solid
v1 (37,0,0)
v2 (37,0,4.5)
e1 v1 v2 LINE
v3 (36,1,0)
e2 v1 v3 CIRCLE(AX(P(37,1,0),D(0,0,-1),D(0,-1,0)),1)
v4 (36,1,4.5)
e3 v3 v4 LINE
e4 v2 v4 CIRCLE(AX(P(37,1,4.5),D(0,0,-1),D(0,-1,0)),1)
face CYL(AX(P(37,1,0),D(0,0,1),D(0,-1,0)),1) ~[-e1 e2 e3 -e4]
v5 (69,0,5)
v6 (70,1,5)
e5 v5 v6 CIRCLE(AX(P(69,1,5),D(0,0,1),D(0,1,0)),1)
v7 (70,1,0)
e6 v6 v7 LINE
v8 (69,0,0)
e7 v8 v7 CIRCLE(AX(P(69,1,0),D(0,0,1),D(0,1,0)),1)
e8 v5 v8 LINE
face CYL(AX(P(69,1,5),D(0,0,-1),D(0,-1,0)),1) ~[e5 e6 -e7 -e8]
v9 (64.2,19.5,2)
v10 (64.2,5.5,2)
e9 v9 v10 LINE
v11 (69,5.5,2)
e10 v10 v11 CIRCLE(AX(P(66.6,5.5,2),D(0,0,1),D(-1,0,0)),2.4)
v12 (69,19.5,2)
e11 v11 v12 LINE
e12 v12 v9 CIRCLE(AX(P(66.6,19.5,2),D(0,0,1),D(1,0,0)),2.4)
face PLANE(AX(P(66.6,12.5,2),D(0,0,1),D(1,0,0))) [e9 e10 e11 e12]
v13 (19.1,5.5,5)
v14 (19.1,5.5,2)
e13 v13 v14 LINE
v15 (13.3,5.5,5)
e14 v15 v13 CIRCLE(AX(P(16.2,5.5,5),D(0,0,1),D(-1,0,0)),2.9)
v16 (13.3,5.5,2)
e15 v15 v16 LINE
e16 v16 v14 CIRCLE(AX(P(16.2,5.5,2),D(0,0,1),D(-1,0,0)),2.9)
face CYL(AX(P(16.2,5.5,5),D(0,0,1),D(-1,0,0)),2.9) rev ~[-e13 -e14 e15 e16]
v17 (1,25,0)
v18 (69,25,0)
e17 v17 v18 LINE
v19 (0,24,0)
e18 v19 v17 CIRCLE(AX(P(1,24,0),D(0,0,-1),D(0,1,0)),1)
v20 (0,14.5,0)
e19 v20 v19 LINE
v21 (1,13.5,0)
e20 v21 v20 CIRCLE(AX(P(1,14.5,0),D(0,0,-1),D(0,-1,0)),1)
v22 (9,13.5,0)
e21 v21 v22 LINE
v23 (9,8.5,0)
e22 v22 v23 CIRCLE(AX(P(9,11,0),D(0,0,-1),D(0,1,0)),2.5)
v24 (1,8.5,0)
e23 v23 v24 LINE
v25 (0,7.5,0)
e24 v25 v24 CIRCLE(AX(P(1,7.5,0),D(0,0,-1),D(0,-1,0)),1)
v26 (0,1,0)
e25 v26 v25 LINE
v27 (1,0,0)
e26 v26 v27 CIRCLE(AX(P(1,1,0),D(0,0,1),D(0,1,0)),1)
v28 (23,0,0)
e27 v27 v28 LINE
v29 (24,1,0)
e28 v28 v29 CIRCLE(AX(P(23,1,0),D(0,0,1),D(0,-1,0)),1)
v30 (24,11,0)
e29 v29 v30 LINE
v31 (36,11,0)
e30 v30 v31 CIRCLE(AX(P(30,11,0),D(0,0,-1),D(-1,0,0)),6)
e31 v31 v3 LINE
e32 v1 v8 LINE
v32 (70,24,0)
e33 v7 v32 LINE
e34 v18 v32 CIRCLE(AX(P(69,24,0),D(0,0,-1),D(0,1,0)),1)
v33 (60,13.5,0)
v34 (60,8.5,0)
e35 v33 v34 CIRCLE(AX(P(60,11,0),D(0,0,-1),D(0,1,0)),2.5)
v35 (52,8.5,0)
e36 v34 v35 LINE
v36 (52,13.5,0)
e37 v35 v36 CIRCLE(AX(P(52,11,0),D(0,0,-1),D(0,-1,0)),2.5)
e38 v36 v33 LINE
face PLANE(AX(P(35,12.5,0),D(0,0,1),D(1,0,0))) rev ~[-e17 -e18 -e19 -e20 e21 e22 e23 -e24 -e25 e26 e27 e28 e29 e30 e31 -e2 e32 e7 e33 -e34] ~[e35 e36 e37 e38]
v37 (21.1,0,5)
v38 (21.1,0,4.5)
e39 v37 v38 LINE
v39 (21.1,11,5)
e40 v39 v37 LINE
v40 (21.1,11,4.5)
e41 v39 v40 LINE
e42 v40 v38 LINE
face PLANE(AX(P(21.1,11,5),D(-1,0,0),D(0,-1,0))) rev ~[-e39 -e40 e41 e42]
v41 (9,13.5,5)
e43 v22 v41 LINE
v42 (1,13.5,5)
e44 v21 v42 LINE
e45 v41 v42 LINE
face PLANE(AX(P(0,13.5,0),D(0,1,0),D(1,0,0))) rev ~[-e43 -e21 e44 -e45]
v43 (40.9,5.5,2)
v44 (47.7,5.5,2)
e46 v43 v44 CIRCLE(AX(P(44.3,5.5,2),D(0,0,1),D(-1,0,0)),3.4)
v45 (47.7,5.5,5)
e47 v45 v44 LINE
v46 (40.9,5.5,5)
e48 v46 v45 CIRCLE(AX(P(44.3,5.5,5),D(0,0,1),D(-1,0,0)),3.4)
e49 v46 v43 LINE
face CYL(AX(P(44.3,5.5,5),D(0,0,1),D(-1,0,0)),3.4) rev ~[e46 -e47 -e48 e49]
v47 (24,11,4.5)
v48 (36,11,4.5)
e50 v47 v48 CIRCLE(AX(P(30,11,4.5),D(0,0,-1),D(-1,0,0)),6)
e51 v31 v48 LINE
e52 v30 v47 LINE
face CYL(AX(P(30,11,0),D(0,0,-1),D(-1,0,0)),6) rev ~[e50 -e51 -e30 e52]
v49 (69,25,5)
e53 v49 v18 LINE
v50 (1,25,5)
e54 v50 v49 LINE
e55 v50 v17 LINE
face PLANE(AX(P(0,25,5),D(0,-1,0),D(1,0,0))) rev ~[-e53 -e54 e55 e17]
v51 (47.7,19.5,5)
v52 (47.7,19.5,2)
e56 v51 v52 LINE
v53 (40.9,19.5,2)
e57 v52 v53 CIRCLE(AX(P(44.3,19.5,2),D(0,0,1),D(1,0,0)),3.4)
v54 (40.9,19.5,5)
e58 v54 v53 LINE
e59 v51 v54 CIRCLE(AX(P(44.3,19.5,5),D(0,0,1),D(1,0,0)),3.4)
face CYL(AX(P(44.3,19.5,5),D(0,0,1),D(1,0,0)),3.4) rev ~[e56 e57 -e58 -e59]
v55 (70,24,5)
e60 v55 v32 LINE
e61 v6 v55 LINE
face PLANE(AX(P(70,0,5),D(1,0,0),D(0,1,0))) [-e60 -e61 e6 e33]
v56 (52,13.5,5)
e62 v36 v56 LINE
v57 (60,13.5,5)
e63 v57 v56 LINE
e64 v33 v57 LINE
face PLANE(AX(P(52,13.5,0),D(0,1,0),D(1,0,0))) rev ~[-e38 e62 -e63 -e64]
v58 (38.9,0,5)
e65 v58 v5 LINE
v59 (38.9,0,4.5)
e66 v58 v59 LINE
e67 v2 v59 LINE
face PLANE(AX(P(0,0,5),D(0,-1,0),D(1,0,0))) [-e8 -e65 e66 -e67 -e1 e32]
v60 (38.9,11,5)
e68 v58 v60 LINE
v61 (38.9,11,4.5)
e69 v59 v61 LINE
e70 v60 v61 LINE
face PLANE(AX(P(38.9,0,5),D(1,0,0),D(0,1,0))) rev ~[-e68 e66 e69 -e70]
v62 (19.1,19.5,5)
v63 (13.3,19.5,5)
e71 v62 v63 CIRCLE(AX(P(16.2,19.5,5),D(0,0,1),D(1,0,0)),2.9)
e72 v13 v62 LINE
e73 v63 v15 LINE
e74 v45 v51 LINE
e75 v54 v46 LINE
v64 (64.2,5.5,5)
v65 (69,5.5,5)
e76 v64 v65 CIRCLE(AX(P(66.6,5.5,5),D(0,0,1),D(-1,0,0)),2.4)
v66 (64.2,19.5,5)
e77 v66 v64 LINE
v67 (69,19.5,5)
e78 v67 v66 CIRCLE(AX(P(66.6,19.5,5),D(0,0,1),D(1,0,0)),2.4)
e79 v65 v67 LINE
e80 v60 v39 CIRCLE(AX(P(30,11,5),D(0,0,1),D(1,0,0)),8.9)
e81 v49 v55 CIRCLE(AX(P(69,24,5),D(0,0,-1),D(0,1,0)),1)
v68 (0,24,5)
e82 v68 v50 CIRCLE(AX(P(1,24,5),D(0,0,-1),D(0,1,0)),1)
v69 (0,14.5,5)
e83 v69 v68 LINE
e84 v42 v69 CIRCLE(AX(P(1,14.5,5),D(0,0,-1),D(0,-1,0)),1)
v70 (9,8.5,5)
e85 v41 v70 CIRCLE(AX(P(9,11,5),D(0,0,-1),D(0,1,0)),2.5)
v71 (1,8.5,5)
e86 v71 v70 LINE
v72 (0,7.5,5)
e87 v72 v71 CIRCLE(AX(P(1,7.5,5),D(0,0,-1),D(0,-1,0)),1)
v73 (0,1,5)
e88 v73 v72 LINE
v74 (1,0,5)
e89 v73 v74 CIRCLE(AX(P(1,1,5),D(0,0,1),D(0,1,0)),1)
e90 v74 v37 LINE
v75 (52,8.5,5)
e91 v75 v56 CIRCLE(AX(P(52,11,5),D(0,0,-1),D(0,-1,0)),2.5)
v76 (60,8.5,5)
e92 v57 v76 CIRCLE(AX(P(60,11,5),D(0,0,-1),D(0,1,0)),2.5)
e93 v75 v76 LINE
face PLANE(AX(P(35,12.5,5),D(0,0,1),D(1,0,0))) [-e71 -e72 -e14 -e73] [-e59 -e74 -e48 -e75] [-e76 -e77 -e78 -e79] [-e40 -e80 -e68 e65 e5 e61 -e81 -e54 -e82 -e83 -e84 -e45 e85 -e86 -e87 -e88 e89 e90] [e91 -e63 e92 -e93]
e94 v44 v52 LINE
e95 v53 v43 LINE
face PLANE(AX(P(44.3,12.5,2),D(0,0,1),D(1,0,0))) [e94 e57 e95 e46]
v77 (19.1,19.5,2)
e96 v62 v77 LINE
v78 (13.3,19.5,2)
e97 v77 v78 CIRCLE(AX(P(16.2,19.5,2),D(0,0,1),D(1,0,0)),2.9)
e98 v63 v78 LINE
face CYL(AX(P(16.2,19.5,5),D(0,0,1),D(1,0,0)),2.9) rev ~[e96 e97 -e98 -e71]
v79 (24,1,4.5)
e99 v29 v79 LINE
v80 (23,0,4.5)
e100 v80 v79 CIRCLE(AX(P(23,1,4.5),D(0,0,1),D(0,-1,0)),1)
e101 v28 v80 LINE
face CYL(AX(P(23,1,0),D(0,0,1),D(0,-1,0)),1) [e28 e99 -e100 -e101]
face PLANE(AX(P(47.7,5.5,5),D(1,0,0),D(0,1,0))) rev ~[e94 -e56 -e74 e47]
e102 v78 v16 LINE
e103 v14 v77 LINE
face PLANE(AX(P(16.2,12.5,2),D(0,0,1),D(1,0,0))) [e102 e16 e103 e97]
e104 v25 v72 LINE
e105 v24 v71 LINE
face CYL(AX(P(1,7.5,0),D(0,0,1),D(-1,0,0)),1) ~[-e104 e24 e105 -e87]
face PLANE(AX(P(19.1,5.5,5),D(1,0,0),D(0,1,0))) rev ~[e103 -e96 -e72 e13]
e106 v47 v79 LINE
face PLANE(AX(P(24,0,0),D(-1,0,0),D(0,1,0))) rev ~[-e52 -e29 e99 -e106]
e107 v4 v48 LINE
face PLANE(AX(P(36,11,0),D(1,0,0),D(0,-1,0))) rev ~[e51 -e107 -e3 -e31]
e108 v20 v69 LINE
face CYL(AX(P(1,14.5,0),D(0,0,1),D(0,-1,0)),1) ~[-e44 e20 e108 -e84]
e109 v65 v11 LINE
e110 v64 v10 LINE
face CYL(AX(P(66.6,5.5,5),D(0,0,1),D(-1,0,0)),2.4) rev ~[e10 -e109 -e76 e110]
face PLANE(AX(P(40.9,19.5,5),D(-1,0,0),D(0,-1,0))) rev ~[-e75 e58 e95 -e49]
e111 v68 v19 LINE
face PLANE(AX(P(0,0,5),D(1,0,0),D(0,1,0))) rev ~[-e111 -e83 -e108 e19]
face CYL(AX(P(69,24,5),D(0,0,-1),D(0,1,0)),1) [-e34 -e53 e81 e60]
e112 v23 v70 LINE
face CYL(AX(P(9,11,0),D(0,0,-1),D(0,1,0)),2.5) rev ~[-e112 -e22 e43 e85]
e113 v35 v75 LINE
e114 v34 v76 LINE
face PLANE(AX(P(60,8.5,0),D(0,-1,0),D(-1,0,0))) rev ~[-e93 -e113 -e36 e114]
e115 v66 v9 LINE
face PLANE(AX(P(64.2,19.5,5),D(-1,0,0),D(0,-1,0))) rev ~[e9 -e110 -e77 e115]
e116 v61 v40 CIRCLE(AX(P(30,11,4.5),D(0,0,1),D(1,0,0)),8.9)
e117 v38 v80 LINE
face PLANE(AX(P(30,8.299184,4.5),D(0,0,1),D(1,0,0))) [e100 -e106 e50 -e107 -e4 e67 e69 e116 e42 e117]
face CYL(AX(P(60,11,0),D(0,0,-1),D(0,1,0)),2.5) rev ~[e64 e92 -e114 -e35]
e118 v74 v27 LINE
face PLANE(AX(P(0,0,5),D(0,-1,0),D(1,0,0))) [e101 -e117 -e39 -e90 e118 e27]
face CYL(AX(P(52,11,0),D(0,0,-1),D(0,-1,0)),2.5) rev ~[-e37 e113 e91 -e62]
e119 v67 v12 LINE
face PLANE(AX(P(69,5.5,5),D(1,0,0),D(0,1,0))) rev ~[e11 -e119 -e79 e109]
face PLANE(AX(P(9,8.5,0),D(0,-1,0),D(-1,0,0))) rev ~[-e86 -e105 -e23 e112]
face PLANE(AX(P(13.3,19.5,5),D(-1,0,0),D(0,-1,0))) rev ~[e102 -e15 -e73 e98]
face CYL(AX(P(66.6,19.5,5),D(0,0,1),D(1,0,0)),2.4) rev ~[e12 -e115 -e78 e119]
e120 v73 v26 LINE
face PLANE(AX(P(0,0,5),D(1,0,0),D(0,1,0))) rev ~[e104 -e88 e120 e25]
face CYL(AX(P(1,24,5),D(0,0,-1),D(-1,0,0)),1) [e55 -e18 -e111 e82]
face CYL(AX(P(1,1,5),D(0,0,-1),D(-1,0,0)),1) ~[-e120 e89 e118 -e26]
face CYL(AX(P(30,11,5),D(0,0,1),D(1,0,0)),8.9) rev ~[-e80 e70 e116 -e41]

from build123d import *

# Parameters (mm, degrees)
SKETCH1_W           = 70
SKETCH1_H           = 25
BOSS_EXTRUDE1_DEPTH = 5
CUT_EXTRUDE1_DEPTH  = 0.5
CUT_EXTRUDE2_DEPTH  = 75.498322129
CUT_EXTRUDE3_DEPTH  = 75.498322129
CUT_EXTRUDE4_DEPTH  = 75.498322129
CUT_EXTRUDE5_DEPTH  = 3
CUT_EXTRUDE6_DEPTH  = 3
CUT_EXTRUDE7_DEPTH  = 3
FILLET1_R           = 1


with BuildPart() as part:
    # Sketch1 → Boss-Extrude1 (new body)
    with BuildSketch(Plane.XY.offset(5)):
        with Locations((35, 12.5)):
            Rectangle(SKETCH1_W, SKETCH1_H)
    extrude(amount=-BOSS_EXTRUDE1_DEPTH)

    # Sketch2 → Cut-Extrude1 (cut)
    with BuildSketch(Plane.XY.offset(5)):
        with BuildLine():
            Line((38.9, 0), (38.9, 11))
            ThreePointArc((38.9, 11), (30, 19.9), (21.1, 11))
            Line((21.1, 11), (21.1, 0))
            Line((21.1, 0), (38.9, 0))
        make_face()
    extrude(amount=-CUT_EXTRUDE1_DEPTH, mode=Mode.SUBTRACT)

    # Sketch3 → Cut-Extrude2 (cut, through all)
    with BuildSketch(Plane(origin=(0, 0, 0), x_dir=(-1, 0, 0), z_dir=(0, 0, -1))):
        with BuildLine():
            Line((-36, 0), (-24, 0))
            Line((-24, 0), (-24, 11))
            ThreePointArc((-24, 11), (-30, 17), (-36, 11))
            Line((-36, 11), (-36, 0))
        make_face()
    extrude(amount=-CUT_EXTRUDE2_DEPTH, mode=Mode.SUBTRACT)

    # Sketch4 → Cut-Extrude3 (cut, through all)
    with BuildSketch(Plane(origin=(0, 0, 0), x_dir=(-1, 0, 0), z_dir=(0, 0, -1))):
        with BuildLine():
            Line((0, 8.5), (0, 13.5))
            Line((0, 13.5), (-9, 13.5))
            ThreePointArc((-9, 13.5), (-11.5, 11), (-9, 8.5))
            Line((-9, 8.5), (0, 8.5))
        make_face()
    extrude(amount=-CUT_EXTRUDE3_DEPTH, mode=Mode.SUBTRACT)

    # Sketch5 → Cut-Extrude4 (cut, through all)
    with BuildSketch(Plane(origin=(0, 0, 0), x_dir=(-1, 0, 0), z_dir=(0, 0, -1))):
        with BuildLine():
            Line((-52, 13.5), (-60, 13.5))
            ThreePointArc((-60, 13.5), (-62.5, 11), (-60, 8.5))
            Line((-60, 8.5), (-52, 8.5))
            ThreePointArc((-52, 8.5), (-49.5, 11), (-52, 13.5))
        make_face()
    extrude(amount=-CUT_EXTRUDE4_DEPTH, mode=Mode.SUBTRACT)

    # Sketch6 → Cut-Extrude5 (cut)
    with BuildSketch(Plane.XY.offset(5)):
        with BuildLine():
            Line((69, 5.5), (69, 19.5))
            ThreePointArc((69, 19.5), (66.6, 21.9), (64.2, 19.5))
            Line((64.2, 19.5), (64.2, 5.5))
            ThreePointArc((64.2, 5.5), (66.6, 3.1), (69, 5.5))
        make_face()
    extrude(amount=-CUT_EXTRUDE5_DEPTH, mode=Mode.SUBTRACT)

    # Sketch7 → Cut-Extrude6 (cut)
    with BuildSketch(Plane.XY.offset(5)):
        with BuildLine():
            Line((47.7, 5.5), (47.7, 19.5))
            ThreePointArc((47.7, 19.5), (44.3, 22.9), (40.9, 19.5))
            Line((40.9, 19.5), (40.9, 5.5))
            ThreePointArc((40.9, 5.5), (44.3, 2.1), (47.7, 5.5))
        make_face()
    extrude(amount=-CUT_EXTRUDE6_DEPTH, mode=Mode.SUBTRACT)

    # Sketch8 → Cut-Extrude7 (cut)
    with BuildSketch(Plane.XY.offset(5)):
        with BuildLine():
            Line((19.1, 5.5), (19.1, 19.5))
            ThreePointArc((19.1, 19.5), (16.2, 22.4), (13.3, 19.5))
            Line((13.3, 19.5), (13.3, 5.5))
            ThreePointArc((13.3, 5.5), (16.2, 2.6), (19.1, 5.5))
        make_face()
    extrude(amount=-CUT_EXTRUDE7_DEPTH, mode=Mode.SUBTRACT)

    # Fillet1
    fillet1_edges = [part.edges().sort_by_distance(p)[0] for p in [
        (36, 0, 2.25),
        (24, 0, 2.25),
        (0, 8.5, 2.5),
        (0, 13.5, 2.5),
        (70, 25, 2.5),
        (70, 0, 2.5),
        (0, 0, 2.5),
        (0, 25, 2.5),
    ]]
    fillet(fillet1_edges, radius=FILLET1_R)


solid = part.part
